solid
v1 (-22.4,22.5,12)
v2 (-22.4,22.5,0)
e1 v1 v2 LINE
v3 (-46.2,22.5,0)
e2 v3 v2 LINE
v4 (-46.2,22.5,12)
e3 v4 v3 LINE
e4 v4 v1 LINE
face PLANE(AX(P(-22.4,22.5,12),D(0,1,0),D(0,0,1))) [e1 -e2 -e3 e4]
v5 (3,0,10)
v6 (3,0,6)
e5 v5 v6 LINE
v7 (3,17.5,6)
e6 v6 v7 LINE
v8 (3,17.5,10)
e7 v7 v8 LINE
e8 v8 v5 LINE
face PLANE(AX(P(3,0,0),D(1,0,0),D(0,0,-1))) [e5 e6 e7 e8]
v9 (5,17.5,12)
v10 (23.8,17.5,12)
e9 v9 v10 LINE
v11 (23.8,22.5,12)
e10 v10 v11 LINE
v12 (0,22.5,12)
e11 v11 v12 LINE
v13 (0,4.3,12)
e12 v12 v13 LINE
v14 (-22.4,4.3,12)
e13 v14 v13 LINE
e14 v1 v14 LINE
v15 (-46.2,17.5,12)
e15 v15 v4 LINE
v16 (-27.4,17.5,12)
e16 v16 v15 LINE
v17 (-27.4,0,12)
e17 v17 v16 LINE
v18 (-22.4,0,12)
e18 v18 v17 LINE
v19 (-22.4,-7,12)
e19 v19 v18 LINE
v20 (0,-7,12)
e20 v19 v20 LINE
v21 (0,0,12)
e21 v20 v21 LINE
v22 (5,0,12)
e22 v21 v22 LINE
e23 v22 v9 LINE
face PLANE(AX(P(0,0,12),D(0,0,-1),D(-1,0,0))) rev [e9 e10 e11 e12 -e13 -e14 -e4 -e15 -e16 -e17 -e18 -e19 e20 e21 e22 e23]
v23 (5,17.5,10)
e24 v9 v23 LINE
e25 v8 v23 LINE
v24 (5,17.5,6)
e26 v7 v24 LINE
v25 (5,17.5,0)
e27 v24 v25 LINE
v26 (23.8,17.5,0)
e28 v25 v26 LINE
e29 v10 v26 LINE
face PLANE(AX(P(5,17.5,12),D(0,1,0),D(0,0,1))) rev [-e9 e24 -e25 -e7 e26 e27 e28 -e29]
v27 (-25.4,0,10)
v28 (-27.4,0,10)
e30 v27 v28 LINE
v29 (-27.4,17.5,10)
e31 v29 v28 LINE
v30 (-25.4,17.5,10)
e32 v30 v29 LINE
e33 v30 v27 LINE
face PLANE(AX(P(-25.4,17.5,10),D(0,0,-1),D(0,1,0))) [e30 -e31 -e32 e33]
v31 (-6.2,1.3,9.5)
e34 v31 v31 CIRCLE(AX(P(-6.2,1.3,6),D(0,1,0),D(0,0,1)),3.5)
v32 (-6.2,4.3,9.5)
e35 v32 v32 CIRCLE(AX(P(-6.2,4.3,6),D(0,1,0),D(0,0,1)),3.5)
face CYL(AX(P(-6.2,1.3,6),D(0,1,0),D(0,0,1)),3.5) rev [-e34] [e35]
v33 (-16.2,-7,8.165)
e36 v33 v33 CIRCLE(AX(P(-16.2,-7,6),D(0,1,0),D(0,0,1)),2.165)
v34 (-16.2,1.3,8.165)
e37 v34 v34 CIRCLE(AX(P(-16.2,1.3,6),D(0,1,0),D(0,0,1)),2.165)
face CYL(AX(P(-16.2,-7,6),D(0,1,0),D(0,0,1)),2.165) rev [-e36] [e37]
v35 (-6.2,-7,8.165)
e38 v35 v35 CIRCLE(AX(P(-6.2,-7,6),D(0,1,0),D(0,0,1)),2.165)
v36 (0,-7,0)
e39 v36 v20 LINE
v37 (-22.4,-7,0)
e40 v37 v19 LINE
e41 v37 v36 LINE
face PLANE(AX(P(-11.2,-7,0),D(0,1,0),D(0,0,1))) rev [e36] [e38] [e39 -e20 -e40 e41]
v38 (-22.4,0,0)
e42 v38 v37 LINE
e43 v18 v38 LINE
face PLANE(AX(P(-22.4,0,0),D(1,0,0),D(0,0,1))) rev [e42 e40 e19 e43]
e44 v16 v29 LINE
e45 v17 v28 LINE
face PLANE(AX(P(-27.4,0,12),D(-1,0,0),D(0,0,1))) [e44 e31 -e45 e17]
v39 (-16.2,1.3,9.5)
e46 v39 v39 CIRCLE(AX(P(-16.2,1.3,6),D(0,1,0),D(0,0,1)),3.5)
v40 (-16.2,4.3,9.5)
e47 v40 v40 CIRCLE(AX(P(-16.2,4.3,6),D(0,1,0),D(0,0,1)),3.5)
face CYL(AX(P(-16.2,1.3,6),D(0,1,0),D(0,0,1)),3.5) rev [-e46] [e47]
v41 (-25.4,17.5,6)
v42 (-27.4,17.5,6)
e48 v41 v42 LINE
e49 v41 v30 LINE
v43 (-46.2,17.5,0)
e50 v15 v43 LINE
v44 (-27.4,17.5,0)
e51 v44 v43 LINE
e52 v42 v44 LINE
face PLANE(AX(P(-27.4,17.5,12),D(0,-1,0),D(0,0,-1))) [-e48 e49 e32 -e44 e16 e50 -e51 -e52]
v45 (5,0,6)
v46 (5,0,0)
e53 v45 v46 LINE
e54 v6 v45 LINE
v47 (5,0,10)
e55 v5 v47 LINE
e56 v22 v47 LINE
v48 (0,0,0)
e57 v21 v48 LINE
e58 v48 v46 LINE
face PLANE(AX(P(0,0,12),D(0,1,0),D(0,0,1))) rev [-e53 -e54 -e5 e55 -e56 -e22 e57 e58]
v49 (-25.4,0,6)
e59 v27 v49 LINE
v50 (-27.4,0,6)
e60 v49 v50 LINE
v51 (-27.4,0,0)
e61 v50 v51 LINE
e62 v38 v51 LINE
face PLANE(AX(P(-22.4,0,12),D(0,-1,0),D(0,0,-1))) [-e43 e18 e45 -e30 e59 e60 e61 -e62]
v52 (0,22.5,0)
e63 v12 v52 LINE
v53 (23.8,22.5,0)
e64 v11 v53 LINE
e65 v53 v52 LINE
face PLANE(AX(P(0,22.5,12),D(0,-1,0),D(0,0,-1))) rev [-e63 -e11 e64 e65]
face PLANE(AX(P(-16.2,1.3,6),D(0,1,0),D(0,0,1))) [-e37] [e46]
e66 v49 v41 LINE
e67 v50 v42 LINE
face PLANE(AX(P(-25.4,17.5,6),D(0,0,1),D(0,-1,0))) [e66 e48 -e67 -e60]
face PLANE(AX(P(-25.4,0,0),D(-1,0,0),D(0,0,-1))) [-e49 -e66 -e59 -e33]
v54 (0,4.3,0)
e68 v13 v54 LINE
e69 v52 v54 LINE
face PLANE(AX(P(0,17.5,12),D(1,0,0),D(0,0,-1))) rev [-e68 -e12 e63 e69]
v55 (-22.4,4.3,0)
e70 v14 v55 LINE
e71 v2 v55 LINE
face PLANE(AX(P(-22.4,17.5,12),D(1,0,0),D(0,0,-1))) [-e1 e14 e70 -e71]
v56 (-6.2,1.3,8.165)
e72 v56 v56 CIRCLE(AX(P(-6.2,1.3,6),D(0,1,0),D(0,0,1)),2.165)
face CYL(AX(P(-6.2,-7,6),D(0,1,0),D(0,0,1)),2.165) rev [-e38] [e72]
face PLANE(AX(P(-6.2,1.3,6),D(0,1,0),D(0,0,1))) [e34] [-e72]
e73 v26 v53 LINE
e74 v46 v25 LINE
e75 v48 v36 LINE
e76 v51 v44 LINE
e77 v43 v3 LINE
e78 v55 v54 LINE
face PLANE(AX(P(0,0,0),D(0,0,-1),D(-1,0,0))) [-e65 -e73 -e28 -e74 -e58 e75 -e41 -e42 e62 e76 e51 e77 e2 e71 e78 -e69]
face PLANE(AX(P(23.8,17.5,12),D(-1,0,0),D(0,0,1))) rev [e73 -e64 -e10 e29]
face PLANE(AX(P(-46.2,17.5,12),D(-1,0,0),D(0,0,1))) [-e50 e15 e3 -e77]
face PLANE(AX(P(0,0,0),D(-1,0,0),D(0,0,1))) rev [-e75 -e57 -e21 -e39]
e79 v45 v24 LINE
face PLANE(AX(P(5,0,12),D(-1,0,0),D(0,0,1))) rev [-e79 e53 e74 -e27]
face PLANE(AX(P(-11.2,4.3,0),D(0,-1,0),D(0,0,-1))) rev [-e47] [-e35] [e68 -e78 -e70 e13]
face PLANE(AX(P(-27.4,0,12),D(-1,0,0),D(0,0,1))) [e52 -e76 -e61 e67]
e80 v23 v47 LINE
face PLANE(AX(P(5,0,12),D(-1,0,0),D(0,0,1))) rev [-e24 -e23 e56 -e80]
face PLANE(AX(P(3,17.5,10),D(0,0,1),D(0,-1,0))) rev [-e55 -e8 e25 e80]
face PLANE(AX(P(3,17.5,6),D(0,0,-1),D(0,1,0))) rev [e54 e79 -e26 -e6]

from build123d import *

# Parameters (mm, degrees)
BOSS_EXTRUDE2_DEPTH = 12
SKETCH3_W           = 4
SKETCH3_H           = 17.5
CUT_EXTRUDE1_DEPTH  = 2
SKETCH4_W           = 12
SKETCH4_H           = 11.3
BOSS_EXTRUDE3_DEPTH = 11.2
SKETCH5_R           = 3.5
CUT_EXTRUDE2_DEPTH  = 3
SKETCH6_R           = 2.165
CUT_EXTRUDE3_DEPTH  = 53.229110657


with BuildPart() as part:
    # Sketch2 → Boss-Extrude2 (new body)
    with BuildSketch(Plane.XY):
        Polygon((0, 0), (5, 0), (5, 17.5), (23.8, 17.5), (23.8, 22.5), (0, 22.5), (0, 17.5), align=None)
    boss_extrude2 = extrude(amount=BOSS_EXTRUDE2_DEPTH)

    # Sketch3 → Cut-Extrude1 (cut)
    with BuildSketch(Plane(origin=(5, 0, 0), x_dir=(0, 0, -1), z_dir=(1, 0, 0))):
        with Locations((-8, 8.75)):
            Rectangle(SKETCH3_W, SKETCH3_H)
    cut_extrude1 = extrude(amount=-CUT_EXTRUDE1_DEPTH, mode=Mode.SUBTRACT)

    # Sketch4 → Boss-Extrude3 (add)
    with BuildSketch(Plane.ZY):
        with Locations((6, -1.35)):
            Rectangle(SKETCH4_W, SKETCH4_H)
    boss_extrude3 = extrude(amount=BOSS_EXTRUDE3_DEPTH)

    # Mirror4: Boss-Extrude3 across plane
    add(boss_extrude3.mirror(Plane.ZY.offset(11.2)))

    # Mirror5: Boss-Extrude2 across plane
    add(boss_extrude2.mirror(Plane.ZY.offset(11.2)))

    # Mirror6: Cut-Extrude1 across plane
    add(cut_extrude1.mirror(Plane.ZY.offset(11.2)), mode=Mode.SUBTRACT)

    # Sketch5 → Cut-Extrude2 (cut)
    with BuildSketch(Plane(origin=(0, 4.3, 0), x_dir=(1, 0, 0), z_dir=(0, 1, 0))):
        with Locations(Location((-16.2, -6, 0), (0, 0, 270))):
            Circle(SKETCH5_R)
        with Locations(Location((-6.2, -6, 0), (0, 0, 270))):
            Circle(SKETCH5_R)
    extrude(amount=-CUT_EXTRUDE2_DEPTH, mode=Mode.SUBTRACT)

    # Sketch6 → Cut-Extrude3 (cut, through all)
    with BuildSketch(Plane(origin=(0, 1.3, 0), x_dir=(1, 0, 0), z_dir=(0, 1, 0))):
        with Locations(Location((-16.2, -6, 0), (0, 0, 270))):
            Circle(SKETCH6_R)
        with Locations(Location((-6.2, -6, 0), (0, 0, 270))):
            Circle(SKETCH6_R)
    extrude(amount=-CUT_EXTRUDE3_DEPTH, mode=Mode.SUBTRACT)


solid = part.part
